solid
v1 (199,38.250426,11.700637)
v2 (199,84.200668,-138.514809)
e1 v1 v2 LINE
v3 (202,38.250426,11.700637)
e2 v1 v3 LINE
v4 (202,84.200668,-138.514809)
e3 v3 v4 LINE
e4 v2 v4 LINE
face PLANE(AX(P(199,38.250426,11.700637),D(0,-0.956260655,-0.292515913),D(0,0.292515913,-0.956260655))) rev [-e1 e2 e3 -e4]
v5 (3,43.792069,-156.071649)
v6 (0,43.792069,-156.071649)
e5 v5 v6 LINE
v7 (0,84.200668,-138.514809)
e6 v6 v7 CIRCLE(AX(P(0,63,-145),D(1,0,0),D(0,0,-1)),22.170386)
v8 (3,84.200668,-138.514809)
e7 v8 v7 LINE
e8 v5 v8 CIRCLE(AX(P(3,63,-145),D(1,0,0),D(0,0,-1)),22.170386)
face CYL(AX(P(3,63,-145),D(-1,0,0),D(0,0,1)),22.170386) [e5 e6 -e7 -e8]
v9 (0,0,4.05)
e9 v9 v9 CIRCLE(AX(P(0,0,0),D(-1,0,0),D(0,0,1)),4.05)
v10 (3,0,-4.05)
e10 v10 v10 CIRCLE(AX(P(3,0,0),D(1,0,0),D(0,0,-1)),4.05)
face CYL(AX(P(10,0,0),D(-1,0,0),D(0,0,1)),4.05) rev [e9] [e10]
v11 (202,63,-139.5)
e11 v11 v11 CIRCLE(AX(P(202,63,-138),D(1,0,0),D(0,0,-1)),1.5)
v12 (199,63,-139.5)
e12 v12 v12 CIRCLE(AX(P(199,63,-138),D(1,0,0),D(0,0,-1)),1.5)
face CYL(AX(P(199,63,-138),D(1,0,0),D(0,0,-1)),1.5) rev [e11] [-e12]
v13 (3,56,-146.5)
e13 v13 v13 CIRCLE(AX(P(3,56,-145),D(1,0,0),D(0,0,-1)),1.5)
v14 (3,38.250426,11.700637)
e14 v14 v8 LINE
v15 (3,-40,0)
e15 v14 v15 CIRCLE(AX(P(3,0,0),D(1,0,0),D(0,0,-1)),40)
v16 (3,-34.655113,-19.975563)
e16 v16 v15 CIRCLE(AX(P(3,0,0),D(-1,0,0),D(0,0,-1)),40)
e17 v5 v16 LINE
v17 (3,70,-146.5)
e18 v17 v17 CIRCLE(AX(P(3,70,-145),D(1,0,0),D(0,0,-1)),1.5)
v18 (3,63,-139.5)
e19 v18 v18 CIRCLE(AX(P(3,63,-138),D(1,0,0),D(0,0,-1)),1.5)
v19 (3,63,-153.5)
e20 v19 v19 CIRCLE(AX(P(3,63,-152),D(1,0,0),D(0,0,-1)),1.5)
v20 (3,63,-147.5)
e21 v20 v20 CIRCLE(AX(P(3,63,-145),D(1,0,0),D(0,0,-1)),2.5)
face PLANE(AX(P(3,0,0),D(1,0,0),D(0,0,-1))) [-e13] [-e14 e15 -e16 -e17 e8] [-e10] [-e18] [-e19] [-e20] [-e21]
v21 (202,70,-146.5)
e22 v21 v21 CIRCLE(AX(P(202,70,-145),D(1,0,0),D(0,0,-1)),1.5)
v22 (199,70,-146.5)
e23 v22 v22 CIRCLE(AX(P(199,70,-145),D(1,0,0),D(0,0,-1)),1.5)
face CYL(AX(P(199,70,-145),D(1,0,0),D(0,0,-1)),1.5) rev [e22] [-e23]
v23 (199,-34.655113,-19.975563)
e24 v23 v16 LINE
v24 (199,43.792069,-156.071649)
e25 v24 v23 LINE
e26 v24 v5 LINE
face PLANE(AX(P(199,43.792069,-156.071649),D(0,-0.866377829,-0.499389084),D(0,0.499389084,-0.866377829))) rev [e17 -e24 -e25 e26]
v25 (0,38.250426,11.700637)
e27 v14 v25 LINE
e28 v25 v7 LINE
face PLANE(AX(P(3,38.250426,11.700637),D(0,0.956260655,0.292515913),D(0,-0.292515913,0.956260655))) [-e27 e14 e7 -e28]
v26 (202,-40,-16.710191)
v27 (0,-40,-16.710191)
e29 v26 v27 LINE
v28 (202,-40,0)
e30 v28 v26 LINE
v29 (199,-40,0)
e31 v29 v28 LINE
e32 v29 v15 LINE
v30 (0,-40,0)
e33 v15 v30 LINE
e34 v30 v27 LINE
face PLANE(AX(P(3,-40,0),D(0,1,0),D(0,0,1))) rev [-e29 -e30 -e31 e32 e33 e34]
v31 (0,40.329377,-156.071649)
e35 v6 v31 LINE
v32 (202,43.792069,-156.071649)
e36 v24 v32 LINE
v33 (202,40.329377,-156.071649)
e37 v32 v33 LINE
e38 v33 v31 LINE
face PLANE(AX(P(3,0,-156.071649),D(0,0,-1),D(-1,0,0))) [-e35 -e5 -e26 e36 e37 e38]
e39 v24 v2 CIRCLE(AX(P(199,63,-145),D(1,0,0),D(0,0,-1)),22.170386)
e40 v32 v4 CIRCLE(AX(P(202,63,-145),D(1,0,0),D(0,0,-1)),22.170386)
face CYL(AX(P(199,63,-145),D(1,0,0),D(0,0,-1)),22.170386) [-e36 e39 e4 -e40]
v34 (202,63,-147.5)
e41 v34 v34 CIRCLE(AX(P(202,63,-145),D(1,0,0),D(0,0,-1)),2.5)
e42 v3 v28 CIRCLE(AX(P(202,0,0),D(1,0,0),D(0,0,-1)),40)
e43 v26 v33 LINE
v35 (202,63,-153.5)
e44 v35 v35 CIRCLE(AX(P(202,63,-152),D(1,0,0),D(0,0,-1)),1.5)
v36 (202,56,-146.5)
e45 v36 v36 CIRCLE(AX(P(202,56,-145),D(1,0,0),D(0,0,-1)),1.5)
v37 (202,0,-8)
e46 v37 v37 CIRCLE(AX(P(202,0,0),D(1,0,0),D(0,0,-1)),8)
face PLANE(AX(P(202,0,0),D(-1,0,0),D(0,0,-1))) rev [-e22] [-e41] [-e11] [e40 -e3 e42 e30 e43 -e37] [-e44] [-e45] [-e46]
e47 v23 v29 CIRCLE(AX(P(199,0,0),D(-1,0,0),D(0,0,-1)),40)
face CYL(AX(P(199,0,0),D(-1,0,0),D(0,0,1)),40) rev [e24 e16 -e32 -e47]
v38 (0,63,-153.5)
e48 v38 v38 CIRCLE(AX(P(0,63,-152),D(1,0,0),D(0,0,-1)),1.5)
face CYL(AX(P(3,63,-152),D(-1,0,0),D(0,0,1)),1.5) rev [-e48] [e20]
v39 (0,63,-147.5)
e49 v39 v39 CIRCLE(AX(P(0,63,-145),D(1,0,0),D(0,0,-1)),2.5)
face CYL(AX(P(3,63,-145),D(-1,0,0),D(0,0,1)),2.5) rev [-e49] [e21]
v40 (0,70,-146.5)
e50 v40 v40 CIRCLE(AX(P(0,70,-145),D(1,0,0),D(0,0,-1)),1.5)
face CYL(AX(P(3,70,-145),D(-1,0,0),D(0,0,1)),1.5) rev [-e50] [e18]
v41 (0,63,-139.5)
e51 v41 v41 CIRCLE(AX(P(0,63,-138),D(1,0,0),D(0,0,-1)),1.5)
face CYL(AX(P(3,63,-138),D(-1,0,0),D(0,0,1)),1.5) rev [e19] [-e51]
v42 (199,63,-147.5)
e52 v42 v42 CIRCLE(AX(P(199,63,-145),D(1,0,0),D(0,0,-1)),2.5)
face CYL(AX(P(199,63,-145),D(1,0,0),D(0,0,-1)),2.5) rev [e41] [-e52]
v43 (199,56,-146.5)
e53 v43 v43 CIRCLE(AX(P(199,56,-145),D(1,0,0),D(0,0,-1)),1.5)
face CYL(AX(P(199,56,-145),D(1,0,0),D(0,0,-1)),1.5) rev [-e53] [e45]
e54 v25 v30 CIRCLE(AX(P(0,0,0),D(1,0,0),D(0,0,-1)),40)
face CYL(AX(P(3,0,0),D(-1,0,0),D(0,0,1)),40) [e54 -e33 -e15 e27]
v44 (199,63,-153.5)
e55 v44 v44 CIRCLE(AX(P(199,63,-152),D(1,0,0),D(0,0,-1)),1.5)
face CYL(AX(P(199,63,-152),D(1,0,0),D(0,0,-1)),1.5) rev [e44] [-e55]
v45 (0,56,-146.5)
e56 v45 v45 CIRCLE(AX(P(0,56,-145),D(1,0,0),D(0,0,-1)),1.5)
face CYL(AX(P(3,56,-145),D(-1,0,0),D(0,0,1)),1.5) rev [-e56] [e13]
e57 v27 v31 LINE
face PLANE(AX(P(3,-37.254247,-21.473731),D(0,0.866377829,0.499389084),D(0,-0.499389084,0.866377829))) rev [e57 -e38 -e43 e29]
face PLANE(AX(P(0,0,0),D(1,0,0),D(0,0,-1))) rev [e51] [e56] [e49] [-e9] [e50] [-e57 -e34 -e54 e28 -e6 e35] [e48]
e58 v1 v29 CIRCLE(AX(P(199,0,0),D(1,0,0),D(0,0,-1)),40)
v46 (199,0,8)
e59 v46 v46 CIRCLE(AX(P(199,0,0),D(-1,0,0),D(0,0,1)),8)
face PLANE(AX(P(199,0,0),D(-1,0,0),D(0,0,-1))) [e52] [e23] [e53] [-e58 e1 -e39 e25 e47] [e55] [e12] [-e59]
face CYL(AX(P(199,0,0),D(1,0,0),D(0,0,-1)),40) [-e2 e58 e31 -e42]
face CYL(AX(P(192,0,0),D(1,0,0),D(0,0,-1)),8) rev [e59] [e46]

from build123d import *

# Parameters (mm, degrees)
SKETCH_2_R          = 3
SKETCH_2_R_2        = 1.5
SKETCH_2_R_3        = 2.5
EXTRUDE_1_DEPTH     = 3
EXTRUDE_2_DEPTH     = 196
SKETCH_5_R          = 8
CUT_EXTRUDE_1_DEPTH = 10
SKETCH_6_R          = 4.05
CUT_EXTRUDE_2_DEPTH = 10


with BuildPart() as part:
    # 草图2 → 凸台-拉伸1 (new body)
    with BuildSketch(Plane(origin=(0, 0, 0), x_dir=(0, 0, -1), z_dir=(1, 0, 0))):
        with BuildLine():
            Line((138.514809283, 84.200667909), (-11.70063651, 38.25042621))
            ThreePointArc((-11.70063651, 38.25042621), (-39.560188627, -5.915359313), (0, -40))
            Line((0, -40), (16.710190716, -40))
            Line((16.710190716, -40), (156.071648789, 40.329376559))
            Line((156.071648789, 40.329376559), (156.071648789, 43.792069046))
            ThreePointArc((156.071648789, 43.792069046), (165.334026038, 71.834783727), (138.514809283, 84.200667909))
        make_face()
        Circle(SKETCH_2_R, mode=Mode.SUBTRACT)
        with Locations((145, 70)):
            Circle(SKETCH_2_R_2, mode=Mode.SUBTRACT)
        with Locations((138, 63)):
            Circle(SKETCH_2_R_2, mode=Mode.SUBTRACT)
        with Locations((145, 56)):
            Circle(SKETCH_2_R_2, mode=Mode.SUBTRACT)
        with Locations((145, 63)):
            Circle(SKETCH_2_R_3, mode=Mode.SUBTRACT)
        with Locations((152, 63)):
            Circle(SKETCH_2_R_2, mode=Mode.SUBTRACT)
    extrude_1 = extrude(amount=EXTRUDE_1_DEPTH)

    # 草图4 → 凸台-拉伸2 (add)
    with BuildSketch(Plane(origin=(3, 0, 0), x_dir=(0, 0, -1), z_dir=(1, 0, 0))):
        with BuildLine():
            Line((0, -40), (16.710190716, -40))
            Line((16.710190716, -40), (156.071648789, 40.329376559))
            Line((156.071648789, 40.329376559), (156.071648789, 43.792069046))
            Line((156.071648789, 43.792069046), (19.975563357, -34.655113166))
            ThreePointArc((19.975563357, -34.655113166), (10.339136167, -38.640681455), (0, -40))
        make_face()
    extrude(amount=EXTRUDE_2_DEPTH)

    # 镜向2: 凸台-拉伸1 across plane
    add(extrude_1.mirror(Plane(origin=(101, 0, 0), x_dir=(0, 0, 1), z_dir=(1, 0, 0))))

    # 草图5 → 切除-拉伸1 (cut)
    with BuildSketch(Plane(origin=(202, 0, 0), x_dir=(0, 0, -1), z_dir=(1, 0, 0))):
        Circle(SKETCH_5_R)
    extrude(amount=-CUT_EXTRUDE_1_DEPTH, mode=Mode.SUBTRACT)

    # 草图6 → 切除-拉伸2 (cut)
    with BuildSketch(Plane.ZY):
        Circle(SKETCH_6_R)
    extrude(amount=-CUT_EXTRUDE_2_DEPTH, mode=Mode.SUBTRACT)


solid = part.part
